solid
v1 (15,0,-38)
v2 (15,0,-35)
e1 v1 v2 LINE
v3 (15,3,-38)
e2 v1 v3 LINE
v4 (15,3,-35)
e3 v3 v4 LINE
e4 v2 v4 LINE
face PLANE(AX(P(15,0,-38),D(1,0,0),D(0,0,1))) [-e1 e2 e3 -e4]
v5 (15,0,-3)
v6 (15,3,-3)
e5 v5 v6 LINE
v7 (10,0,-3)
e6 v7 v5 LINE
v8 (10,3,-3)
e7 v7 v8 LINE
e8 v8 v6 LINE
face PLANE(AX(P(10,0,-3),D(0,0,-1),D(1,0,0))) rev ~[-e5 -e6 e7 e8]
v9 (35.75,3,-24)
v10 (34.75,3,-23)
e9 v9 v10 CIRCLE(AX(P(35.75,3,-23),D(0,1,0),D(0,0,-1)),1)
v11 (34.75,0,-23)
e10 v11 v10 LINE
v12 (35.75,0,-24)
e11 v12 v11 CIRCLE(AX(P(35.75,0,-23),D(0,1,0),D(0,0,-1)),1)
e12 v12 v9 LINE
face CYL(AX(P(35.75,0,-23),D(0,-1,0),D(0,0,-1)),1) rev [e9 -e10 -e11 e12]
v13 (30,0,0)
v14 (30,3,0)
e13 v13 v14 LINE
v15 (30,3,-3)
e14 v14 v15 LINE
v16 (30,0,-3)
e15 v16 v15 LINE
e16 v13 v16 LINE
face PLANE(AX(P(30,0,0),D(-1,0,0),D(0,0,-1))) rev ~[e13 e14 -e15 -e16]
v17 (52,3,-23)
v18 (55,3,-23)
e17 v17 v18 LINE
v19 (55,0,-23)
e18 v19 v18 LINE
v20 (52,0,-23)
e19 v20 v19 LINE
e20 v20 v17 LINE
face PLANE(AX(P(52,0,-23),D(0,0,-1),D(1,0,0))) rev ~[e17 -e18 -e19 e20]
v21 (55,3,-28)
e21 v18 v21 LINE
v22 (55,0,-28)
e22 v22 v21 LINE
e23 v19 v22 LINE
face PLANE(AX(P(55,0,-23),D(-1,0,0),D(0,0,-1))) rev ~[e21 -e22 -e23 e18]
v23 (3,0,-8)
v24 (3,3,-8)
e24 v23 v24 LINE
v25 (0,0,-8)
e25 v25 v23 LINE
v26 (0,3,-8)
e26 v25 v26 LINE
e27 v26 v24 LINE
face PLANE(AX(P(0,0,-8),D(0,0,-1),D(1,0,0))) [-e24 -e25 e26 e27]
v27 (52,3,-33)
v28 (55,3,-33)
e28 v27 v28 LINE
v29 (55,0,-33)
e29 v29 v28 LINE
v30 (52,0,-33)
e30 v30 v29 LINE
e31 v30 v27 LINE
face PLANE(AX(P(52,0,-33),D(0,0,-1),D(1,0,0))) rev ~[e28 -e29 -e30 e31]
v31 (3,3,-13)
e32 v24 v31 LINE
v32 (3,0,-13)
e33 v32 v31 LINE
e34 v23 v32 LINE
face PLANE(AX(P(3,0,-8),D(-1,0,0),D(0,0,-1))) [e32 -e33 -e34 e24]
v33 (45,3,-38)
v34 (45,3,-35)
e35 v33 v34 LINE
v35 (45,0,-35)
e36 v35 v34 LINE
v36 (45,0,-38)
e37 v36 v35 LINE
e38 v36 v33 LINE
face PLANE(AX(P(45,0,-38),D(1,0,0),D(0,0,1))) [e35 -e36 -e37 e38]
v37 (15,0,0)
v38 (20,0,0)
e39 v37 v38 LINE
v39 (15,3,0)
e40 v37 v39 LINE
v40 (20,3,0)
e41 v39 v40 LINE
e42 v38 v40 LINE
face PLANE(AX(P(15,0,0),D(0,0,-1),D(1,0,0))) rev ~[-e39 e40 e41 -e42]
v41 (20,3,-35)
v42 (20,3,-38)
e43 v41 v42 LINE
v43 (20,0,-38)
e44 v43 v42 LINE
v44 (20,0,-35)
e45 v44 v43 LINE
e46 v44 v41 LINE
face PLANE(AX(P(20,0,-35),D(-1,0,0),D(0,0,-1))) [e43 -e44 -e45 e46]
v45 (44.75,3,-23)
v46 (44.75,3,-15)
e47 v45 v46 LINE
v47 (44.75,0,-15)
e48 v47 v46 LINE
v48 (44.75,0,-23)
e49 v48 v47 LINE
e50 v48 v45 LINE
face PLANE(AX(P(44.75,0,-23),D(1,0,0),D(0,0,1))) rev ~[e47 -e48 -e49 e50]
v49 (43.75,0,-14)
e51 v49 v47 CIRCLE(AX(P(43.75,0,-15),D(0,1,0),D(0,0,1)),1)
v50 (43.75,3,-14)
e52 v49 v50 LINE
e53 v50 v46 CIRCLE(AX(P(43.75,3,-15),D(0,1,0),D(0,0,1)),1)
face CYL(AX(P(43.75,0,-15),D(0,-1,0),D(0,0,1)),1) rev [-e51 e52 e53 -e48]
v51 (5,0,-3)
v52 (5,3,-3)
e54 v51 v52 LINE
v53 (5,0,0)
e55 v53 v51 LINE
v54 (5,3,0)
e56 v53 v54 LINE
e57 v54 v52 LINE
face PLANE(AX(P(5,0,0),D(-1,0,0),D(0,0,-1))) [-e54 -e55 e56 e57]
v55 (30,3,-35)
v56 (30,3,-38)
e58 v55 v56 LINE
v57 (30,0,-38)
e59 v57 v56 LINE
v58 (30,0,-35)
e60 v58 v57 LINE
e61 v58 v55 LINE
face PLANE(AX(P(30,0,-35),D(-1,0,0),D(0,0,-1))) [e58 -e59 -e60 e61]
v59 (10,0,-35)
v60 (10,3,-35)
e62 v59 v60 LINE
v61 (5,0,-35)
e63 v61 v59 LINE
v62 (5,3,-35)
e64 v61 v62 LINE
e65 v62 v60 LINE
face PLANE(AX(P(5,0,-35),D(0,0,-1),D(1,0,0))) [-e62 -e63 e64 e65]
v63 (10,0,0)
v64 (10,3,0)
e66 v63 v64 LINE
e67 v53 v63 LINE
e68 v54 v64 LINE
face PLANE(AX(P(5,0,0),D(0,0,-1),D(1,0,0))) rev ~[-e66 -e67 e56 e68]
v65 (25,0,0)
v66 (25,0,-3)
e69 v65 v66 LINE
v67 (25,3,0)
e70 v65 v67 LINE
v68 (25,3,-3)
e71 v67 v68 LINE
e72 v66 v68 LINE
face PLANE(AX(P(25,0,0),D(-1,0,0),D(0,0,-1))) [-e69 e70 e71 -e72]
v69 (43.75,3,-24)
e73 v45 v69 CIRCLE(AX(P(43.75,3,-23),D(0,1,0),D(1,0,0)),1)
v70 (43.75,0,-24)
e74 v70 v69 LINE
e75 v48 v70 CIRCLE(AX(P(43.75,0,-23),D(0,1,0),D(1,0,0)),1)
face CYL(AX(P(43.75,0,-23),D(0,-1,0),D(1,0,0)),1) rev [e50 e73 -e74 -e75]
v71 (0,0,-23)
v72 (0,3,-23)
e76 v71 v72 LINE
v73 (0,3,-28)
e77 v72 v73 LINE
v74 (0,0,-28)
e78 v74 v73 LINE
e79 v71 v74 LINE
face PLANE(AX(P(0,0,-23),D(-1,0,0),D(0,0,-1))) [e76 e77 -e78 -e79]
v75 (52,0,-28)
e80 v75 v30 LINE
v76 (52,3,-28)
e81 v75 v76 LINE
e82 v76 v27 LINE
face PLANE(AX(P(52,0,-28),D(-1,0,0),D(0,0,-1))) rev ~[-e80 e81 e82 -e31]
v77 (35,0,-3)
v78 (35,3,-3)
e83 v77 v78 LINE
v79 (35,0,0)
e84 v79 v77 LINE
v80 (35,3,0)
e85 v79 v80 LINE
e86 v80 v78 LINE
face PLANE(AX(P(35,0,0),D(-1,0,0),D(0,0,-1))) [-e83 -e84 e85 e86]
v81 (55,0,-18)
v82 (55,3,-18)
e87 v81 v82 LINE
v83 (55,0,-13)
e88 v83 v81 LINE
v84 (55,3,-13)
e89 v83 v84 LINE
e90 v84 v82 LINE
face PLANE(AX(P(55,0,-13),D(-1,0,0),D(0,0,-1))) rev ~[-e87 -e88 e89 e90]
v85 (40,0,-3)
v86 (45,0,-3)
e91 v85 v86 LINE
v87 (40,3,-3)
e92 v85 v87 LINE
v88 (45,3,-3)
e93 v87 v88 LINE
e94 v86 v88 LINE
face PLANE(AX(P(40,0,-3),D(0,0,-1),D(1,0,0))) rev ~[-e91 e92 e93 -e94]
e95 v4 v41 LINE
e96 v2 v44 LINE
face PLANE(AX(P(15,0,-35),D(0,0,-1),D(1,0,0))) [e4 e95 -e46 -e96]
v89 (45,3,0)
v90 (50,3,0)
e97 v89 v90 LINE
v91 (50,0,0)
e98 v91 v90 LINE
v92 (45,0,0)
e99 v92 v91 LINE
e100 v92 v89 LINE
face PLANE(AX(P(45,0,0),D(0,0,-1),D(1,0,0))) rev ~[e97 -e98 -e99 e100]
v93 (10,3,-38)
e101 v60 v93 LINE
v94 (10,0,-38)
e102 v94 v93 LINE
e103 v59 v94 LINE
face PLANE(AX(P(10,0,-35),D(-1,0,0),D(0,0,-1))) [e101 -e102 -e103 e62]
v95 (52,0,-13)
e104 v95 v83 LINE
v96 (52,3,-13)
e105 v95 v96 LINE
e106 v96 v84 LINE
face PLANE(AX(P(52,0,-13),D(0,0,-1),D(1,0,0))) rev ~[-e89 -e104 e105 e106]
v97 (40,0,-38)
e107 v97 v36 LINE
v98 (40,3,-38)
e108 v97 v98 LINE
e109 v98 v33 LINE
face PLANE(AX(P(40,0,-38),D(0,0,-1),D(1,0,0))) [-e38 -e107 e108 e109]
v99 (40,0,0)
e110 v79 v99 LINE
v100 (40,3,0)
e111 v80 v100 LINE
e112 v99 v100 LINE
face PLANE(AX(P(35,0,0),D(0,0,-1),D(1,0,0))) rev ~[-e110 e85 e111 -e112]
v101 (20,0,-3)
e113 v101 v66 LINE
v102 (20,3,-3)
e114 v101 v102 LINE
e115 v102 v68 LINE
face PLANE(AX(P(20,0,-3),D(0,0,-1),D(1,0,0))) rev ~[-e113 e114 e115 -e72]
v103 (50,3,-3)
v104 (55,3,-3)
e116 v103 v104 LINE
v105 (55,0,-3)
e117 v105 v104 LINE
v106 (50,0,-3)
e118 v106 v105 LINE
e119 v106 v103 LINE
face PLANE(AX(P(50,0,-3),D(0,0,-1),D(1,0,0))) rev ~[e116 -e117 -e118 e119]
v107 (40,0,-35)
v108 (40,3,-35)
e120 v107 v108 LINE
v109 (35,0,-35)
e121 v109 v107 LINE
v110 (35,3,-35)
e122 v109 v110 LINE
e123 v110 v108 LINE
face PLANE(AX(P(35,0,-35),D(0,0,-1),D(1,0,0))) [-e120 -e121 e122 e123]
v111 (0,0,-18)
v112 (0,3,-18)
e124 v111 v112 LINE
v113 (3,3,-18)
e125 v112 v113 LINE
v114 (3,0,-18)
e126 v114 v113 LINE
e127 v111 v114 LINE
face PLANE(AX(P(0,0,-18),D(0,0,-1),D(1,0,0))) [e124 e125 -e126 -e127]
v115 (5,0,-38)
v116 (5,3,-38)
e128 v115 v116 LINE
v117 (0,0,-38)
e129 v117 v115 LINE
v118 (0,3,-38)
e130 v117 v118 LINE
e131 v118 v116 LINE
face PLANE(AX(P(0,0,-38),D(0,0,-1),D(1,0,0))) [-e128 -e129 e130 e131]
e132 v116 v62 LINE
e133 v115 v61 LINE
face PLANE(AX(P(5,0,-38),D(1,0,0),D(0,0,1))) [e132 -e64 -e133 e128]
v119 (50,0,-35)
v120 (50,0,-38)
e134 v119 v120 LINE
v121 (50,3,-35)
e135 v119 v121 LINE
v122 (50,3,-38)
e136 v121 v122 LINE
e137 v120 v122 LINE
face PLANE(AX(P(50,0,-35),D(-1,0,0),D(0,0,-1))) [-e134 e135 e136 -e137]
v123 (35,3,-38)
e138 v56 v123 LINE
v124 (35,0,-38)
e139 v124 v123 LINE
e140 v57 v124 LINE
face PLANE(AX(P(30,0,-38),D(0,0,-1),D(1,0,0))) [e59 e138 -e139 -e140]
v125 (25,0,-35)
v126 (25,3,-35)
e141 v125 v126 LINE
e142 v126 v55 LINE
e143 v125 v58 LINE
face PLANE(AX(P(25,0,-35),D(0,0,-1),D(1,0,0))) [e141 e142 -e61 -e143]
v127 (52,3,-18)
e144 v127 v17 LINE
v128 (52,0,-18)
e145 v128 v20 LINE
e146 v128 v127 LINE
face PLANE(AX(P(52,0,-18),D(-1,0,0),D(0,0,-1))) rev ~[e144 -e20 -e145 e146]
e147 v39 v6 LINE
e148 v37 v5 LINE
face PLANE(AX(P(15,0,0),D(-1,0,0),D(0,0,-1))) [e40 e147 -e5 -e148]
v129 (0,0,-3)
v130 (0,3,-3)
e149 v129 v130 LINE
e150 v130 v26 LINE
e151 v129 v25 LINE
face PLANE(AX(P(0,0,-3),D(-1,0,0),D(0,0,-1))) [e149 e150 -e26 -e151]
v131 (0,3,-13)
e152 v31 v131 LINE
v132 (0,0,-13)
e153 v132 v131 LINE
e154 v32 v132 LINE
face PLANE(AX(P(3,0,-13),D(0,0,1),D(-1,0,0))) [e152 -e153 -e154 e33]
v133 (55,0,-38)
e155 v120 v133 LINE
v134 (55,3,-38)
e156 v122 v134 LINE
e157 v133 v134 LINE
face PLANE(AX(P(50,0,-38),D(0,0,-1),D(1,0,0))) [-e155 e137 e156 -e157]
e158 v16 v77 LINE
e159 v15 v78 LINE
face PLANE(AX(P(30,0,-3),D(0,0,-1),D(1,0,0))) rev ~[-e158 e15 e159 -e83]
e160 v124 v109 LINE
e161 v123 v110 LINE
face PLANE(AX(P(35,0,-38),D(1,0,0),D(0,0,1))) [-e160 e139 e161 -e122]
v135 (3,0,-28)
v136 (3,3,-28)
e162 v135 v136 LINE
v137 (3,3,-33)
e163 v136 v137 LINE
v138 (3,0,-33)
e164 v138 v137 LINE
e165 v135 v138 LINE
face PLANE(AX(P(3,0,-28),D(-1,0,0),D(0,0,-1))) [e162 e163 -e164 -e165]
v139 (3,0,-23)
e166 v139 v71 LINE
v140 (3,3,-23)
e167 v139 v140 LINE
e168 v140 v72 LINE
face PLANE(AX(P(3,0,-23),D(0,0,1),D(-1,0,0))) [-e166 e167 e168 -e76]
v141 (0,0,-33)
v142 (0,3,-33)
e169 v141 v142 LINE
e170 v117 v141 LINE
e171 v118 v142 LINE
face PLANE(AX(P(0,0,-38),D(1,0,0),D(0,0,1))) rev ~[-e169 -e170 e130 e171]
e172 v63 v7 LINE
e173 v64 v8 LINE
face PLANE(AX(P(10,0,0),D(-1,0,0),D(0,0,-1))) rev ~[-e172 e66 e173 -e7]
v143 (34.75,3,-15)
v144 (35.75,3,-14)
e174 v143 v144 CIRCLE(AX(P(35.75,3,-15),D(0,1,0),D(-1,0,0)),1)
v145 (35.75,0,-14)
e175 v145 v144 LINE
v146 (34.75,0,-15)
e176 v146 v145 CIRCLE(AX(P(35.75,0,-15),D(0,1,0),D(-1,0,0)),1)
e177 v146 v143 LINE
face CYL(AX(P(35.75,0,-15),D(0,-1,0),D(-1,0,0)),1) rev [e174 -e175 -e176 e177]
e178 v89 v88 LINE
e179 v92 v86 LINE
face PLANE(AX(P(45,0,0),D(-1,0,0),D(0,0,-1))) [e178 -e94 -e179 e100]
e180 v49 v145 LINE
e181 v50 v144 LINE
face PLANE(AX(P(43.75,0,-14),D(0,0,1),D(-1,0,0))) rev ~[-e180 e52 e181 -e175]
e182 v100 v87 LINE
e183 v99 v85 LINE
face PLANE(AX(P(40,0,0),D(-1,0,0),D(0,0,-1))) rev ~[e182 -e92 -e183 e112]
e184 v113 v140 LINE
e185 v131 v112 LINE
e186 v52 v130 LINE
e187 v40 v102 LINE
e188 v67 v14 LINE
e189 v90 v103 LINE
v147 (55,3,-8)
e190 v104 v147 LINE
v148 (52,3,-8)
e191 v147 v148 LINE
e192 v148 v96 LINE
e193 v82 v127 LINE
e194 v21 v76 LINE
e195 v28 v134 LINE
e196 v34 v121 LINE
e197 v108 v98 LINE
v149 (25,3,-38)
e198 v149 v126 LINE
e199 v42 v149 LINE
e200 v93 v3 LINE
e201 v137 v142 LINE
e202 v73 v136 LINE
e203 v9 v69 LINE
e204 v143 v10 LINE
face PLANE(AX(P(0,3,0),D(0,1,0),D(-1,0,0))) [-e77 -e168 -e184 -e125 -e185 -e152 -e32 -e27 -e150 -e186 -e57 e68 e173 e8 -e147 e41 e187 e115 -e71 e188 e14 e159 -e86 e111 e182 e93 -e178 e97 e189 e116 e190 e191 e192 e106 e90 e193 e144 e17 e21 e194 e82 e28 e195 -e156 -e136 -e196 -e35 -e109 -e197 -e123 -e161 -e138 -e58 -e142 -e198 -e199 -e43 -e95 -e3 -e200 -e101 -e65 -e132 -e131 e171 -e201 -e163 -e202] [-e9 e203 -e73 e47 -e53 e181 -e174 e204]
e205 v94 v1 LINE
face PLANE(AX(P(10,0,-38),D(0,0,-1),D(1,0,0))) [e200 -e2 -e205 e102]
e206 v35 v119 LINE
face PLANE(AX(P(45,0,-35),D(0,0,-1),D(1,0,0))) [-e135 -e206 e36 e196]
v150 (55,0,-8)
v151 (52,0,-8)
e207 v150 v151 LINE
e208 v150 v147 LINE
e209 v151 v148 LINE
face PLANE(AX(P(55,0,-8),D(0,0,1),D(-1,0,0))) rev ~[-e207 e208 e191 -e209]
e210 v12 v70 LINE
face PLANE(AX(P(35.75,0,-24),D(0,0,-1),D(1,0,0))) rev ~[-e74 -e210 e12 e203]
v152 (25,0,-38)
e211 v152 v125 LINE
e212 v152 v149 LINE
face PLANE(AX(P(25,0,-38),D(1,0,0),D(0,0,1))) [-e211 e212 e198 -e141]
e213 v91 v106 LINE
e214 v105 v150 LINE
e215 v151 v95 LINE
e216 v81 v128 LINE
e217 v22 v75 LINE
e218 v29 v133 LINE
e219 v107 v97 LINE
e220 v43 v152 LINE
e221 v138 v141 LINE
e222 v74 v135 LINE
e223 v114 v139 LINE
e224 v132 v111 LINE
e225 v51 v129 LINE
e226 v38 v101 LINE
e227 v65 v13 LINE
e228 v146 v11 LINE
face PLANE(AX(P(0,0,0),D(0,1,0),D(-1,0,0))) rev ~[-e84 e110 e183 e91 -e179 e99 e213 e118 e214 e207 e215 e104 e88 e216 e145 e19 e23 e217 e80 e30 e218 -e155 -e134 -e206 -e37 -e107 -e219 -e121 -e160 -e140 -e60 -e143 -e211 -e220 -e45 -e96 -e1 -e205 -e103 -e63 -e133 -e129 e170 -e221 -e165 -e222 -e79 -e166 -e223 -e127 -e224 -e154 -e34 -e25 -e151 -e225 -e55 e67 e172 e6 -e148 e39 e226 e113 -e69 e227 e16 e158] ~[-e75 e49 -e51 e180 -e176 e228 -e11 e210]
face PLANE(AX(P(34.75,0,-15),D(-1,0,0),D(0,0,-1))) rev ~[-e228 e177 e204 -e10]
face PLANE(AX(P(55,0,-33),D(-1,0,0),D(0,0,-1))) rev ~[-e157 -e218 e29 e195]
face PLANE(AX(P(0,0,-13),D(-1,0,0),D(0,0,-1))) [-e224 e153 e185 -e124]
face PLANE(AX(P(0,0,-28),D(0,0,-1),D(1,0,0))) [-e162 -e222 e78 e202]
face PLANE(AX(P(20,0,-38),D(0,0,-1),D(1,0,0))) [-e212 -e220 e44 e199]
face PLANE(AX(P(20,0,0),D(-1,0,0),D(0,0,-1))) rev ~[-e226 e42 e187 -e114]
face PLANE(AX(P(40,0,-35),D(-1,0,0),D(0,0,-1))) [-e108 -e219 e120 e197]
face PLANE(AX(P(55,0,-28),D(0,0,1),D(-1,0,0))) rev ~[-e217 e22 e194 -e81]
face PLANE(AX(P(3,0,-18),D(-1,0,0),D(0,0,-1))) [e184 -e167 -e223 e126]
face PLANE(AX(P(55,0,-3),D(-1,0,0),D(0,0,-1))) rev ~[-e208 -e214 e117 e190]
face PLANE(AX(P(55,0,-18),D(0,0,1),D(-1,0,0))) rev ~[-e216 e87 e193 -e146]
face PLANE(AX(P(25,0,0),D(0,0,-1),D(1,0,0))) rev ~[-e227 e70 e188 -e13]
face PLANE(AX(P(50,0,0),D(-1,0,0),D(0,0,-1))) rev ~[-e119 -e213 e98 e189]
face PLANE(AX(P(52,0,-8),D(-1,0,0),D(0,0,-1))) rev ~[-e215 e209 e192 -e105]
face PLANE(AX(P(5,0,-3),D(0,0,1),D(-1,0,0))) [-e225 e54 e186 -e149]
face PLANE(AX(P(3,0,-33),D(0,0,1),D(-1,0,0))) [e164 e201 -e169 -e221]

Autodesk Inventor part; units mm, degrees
ref_plane "YZ Plane" through (0, 0, 0) normal (1, 0, 0) x (0, 1, 0)
ref_plane "XZ Plane" through (0, 0, 0) normal (0, 1, 0) x (-1, 0, 0)
ref_plane "XY Plane" through (0, 0, 0) normal (0, 0, 1) x (1, 0, 0)
sketch "Skizze1" plane through (0, 0, 0) normal (0, 1, 0) x (-1, 0, 0)
  line L0 (-5, 0) -> (-5, -3)
  line L1 (-5, -3) -> (0, -3)
  line L2 (-5, 0) -> (-10, 0)
  line L3 (-10, 0) -> (-10, -3)
  line L4 (-10, -3) -> (-15, -3)
  line L5 (-15, 0) -> (-15, -3)
  line L6 (-15, 0) -> (-20, 0)
  line L7 (-20, 0) -> (-20, -3)
  line L8 (-20, -3) -> (-25, -3)
  line L9 (-25, 0) -> (-25, -3)
  line L10 (-25, 0) -> (-30, 0)
  line L11 (-30, 0) -> (-30, -3)
  line L12 (-30, -3) -> (-35, -3)
  line L13 (-35, 0) -> (-35, -3)
  line L14 (-35, 0) -> (-40, 0)
  line L15 (-40, 0) -> (-40, -3)
  line L16 (-40, -3) -> (-45, -3)
  line L17 (-45, 0) -> (-45, -3)
  line L18 (-45, 0) -> (-50, 0)
  line L19 (-50, 0) -> (-50, -3)
  line L20 (-50, -3) -> (-55, -3)
  line L21 (-55, -3) -> (-55, -8)
  line L22 (-55, -8) -> (-52, -8)
  line L23 (-52, -8) -> (-52, -13)
  line L24 (-52, -13) -> (-55, -13)
  line L25 (0, -3) -> (0, -8)
  line L26 (0, -8) -> (-3, -8)
  line L27 (-3, -8) -> (-3, -13)
  line L28 (-3, -13) -> (0, -13)
  line L29 (-52, -18) -> (-52, -23)
  line L30 (-55, -13) -> (-55, -18)
  line L31 (-52, -23) -> (-55, -23)
  line L32 (-55, -18) -> (-52, -18)
  line L33 (-3, -18) -> (-3, -23)
  line L34 (-3, -23) -> (0, -23)
  line L35 (0, -18) -> (-3, -18)
  line L36 (0, -13) -> (0, -18)
  line L37 (0, -38) -> (-5, -38)
  line L38 (-5, -38) -> (-5, -35)
  line L39 (-5, -35) -> (-10, -35)
  line L40 (-10, -35) -> (-10, -38)
  line L41 (-15, -35) -> (-20, -35)
  line L42 (-20, -35) -> (-20, -38)
  line L43 (-10, -38) -> (-15, -38)
  line L44 (-15, -38) -> (-15, -35)
  line L45 (-25, -35) -> (-30, -35)
  line L46 (-30, -35) -> (-30, -38)
  line L47 (-20, -38) -> (-25, -38)
  line L48 (-25, -38) -> (-25, -35)
  line L49 (-35, -35) -> (-40, -35)
  line L50 (-40, -35) -> (-40, -38)
  line L51 (-30, -38) -> (-35, -38)
  line L52 (-35, -38) -> (-35, -35)
  line L53 (-45, -35) -> (-50, -35)
  line L54 (-50, -35) -> (-50, -38)
  line L55 (-40, -38) -> (-45, -38)
  line L56 (-45, -38) -> (-45, -35)
  line L57 (-50, -38) -> (-55, -38)
  line L58 (-35.75, -24) -> (-43.75, -24)
  line L59 (-44.75, -23) -> (-44.75, -15)
  line L60 (-43.75, -14) -> (-35.75, -14)
  line L61 (-34.75, -15) -> (-34.75, -23)
  arc A0 (-35.75, -24) -> (-34.75, -23) centre (-35.75, -23) ccw
  arc A1 (-44.75, -23) -> (-43.75, -24) centre (-43.75, -23) ccw
  arc A2 (-43.75, -14) -> (-44.75, -15) centre (-43.75, -15) ccw
  arc A3 (-34.75, -15) -> (-35.75, -14) centre (-35.75, -15) ccw
  line L62 (-27.5, -38) -> (-27.5, 0) construction
  line L63 (-27.5, -19) -> (-52, -19) construction
  line L64 (-52, -28) -> (-52, -33)
  line L65 (-55, -23) -> (-55, -28)
  line L66 (-52, -33) -> (-55, -33)
  line L67 (-55, -28) -> (-52, -28)
  line L68 (-3, -28) -> (-3, -33)
  line L69 (-3, -33) -> (0, -33)
  line L70 (0, -28) -> (-3, -28)
  line L71 (0, -23) -> (0, -28)
  line L72 (0, -38) -> (0, -33)
  line L73 (-55, -33) -> (-55, -38)
  point P0 (0, 0)
  point P1 (-34.75, -19)
  point P2 (-39.75, -19)
  point P3 (-39.75, -24)
  dimension "d2" = 5
  dimension "d3" = 3
  dimension "d6" = 10
  dimension "d22" = 10
  dimension "d29" = 10
  dimension "d34" = 1
  dimension "d36" = 10
  dimension "d37" = 10
extrude "Extrusion1" add sketch "Skizze1" along normal blind 3
properties part number "plate_front_small" material "Holz (Kirsche)"
